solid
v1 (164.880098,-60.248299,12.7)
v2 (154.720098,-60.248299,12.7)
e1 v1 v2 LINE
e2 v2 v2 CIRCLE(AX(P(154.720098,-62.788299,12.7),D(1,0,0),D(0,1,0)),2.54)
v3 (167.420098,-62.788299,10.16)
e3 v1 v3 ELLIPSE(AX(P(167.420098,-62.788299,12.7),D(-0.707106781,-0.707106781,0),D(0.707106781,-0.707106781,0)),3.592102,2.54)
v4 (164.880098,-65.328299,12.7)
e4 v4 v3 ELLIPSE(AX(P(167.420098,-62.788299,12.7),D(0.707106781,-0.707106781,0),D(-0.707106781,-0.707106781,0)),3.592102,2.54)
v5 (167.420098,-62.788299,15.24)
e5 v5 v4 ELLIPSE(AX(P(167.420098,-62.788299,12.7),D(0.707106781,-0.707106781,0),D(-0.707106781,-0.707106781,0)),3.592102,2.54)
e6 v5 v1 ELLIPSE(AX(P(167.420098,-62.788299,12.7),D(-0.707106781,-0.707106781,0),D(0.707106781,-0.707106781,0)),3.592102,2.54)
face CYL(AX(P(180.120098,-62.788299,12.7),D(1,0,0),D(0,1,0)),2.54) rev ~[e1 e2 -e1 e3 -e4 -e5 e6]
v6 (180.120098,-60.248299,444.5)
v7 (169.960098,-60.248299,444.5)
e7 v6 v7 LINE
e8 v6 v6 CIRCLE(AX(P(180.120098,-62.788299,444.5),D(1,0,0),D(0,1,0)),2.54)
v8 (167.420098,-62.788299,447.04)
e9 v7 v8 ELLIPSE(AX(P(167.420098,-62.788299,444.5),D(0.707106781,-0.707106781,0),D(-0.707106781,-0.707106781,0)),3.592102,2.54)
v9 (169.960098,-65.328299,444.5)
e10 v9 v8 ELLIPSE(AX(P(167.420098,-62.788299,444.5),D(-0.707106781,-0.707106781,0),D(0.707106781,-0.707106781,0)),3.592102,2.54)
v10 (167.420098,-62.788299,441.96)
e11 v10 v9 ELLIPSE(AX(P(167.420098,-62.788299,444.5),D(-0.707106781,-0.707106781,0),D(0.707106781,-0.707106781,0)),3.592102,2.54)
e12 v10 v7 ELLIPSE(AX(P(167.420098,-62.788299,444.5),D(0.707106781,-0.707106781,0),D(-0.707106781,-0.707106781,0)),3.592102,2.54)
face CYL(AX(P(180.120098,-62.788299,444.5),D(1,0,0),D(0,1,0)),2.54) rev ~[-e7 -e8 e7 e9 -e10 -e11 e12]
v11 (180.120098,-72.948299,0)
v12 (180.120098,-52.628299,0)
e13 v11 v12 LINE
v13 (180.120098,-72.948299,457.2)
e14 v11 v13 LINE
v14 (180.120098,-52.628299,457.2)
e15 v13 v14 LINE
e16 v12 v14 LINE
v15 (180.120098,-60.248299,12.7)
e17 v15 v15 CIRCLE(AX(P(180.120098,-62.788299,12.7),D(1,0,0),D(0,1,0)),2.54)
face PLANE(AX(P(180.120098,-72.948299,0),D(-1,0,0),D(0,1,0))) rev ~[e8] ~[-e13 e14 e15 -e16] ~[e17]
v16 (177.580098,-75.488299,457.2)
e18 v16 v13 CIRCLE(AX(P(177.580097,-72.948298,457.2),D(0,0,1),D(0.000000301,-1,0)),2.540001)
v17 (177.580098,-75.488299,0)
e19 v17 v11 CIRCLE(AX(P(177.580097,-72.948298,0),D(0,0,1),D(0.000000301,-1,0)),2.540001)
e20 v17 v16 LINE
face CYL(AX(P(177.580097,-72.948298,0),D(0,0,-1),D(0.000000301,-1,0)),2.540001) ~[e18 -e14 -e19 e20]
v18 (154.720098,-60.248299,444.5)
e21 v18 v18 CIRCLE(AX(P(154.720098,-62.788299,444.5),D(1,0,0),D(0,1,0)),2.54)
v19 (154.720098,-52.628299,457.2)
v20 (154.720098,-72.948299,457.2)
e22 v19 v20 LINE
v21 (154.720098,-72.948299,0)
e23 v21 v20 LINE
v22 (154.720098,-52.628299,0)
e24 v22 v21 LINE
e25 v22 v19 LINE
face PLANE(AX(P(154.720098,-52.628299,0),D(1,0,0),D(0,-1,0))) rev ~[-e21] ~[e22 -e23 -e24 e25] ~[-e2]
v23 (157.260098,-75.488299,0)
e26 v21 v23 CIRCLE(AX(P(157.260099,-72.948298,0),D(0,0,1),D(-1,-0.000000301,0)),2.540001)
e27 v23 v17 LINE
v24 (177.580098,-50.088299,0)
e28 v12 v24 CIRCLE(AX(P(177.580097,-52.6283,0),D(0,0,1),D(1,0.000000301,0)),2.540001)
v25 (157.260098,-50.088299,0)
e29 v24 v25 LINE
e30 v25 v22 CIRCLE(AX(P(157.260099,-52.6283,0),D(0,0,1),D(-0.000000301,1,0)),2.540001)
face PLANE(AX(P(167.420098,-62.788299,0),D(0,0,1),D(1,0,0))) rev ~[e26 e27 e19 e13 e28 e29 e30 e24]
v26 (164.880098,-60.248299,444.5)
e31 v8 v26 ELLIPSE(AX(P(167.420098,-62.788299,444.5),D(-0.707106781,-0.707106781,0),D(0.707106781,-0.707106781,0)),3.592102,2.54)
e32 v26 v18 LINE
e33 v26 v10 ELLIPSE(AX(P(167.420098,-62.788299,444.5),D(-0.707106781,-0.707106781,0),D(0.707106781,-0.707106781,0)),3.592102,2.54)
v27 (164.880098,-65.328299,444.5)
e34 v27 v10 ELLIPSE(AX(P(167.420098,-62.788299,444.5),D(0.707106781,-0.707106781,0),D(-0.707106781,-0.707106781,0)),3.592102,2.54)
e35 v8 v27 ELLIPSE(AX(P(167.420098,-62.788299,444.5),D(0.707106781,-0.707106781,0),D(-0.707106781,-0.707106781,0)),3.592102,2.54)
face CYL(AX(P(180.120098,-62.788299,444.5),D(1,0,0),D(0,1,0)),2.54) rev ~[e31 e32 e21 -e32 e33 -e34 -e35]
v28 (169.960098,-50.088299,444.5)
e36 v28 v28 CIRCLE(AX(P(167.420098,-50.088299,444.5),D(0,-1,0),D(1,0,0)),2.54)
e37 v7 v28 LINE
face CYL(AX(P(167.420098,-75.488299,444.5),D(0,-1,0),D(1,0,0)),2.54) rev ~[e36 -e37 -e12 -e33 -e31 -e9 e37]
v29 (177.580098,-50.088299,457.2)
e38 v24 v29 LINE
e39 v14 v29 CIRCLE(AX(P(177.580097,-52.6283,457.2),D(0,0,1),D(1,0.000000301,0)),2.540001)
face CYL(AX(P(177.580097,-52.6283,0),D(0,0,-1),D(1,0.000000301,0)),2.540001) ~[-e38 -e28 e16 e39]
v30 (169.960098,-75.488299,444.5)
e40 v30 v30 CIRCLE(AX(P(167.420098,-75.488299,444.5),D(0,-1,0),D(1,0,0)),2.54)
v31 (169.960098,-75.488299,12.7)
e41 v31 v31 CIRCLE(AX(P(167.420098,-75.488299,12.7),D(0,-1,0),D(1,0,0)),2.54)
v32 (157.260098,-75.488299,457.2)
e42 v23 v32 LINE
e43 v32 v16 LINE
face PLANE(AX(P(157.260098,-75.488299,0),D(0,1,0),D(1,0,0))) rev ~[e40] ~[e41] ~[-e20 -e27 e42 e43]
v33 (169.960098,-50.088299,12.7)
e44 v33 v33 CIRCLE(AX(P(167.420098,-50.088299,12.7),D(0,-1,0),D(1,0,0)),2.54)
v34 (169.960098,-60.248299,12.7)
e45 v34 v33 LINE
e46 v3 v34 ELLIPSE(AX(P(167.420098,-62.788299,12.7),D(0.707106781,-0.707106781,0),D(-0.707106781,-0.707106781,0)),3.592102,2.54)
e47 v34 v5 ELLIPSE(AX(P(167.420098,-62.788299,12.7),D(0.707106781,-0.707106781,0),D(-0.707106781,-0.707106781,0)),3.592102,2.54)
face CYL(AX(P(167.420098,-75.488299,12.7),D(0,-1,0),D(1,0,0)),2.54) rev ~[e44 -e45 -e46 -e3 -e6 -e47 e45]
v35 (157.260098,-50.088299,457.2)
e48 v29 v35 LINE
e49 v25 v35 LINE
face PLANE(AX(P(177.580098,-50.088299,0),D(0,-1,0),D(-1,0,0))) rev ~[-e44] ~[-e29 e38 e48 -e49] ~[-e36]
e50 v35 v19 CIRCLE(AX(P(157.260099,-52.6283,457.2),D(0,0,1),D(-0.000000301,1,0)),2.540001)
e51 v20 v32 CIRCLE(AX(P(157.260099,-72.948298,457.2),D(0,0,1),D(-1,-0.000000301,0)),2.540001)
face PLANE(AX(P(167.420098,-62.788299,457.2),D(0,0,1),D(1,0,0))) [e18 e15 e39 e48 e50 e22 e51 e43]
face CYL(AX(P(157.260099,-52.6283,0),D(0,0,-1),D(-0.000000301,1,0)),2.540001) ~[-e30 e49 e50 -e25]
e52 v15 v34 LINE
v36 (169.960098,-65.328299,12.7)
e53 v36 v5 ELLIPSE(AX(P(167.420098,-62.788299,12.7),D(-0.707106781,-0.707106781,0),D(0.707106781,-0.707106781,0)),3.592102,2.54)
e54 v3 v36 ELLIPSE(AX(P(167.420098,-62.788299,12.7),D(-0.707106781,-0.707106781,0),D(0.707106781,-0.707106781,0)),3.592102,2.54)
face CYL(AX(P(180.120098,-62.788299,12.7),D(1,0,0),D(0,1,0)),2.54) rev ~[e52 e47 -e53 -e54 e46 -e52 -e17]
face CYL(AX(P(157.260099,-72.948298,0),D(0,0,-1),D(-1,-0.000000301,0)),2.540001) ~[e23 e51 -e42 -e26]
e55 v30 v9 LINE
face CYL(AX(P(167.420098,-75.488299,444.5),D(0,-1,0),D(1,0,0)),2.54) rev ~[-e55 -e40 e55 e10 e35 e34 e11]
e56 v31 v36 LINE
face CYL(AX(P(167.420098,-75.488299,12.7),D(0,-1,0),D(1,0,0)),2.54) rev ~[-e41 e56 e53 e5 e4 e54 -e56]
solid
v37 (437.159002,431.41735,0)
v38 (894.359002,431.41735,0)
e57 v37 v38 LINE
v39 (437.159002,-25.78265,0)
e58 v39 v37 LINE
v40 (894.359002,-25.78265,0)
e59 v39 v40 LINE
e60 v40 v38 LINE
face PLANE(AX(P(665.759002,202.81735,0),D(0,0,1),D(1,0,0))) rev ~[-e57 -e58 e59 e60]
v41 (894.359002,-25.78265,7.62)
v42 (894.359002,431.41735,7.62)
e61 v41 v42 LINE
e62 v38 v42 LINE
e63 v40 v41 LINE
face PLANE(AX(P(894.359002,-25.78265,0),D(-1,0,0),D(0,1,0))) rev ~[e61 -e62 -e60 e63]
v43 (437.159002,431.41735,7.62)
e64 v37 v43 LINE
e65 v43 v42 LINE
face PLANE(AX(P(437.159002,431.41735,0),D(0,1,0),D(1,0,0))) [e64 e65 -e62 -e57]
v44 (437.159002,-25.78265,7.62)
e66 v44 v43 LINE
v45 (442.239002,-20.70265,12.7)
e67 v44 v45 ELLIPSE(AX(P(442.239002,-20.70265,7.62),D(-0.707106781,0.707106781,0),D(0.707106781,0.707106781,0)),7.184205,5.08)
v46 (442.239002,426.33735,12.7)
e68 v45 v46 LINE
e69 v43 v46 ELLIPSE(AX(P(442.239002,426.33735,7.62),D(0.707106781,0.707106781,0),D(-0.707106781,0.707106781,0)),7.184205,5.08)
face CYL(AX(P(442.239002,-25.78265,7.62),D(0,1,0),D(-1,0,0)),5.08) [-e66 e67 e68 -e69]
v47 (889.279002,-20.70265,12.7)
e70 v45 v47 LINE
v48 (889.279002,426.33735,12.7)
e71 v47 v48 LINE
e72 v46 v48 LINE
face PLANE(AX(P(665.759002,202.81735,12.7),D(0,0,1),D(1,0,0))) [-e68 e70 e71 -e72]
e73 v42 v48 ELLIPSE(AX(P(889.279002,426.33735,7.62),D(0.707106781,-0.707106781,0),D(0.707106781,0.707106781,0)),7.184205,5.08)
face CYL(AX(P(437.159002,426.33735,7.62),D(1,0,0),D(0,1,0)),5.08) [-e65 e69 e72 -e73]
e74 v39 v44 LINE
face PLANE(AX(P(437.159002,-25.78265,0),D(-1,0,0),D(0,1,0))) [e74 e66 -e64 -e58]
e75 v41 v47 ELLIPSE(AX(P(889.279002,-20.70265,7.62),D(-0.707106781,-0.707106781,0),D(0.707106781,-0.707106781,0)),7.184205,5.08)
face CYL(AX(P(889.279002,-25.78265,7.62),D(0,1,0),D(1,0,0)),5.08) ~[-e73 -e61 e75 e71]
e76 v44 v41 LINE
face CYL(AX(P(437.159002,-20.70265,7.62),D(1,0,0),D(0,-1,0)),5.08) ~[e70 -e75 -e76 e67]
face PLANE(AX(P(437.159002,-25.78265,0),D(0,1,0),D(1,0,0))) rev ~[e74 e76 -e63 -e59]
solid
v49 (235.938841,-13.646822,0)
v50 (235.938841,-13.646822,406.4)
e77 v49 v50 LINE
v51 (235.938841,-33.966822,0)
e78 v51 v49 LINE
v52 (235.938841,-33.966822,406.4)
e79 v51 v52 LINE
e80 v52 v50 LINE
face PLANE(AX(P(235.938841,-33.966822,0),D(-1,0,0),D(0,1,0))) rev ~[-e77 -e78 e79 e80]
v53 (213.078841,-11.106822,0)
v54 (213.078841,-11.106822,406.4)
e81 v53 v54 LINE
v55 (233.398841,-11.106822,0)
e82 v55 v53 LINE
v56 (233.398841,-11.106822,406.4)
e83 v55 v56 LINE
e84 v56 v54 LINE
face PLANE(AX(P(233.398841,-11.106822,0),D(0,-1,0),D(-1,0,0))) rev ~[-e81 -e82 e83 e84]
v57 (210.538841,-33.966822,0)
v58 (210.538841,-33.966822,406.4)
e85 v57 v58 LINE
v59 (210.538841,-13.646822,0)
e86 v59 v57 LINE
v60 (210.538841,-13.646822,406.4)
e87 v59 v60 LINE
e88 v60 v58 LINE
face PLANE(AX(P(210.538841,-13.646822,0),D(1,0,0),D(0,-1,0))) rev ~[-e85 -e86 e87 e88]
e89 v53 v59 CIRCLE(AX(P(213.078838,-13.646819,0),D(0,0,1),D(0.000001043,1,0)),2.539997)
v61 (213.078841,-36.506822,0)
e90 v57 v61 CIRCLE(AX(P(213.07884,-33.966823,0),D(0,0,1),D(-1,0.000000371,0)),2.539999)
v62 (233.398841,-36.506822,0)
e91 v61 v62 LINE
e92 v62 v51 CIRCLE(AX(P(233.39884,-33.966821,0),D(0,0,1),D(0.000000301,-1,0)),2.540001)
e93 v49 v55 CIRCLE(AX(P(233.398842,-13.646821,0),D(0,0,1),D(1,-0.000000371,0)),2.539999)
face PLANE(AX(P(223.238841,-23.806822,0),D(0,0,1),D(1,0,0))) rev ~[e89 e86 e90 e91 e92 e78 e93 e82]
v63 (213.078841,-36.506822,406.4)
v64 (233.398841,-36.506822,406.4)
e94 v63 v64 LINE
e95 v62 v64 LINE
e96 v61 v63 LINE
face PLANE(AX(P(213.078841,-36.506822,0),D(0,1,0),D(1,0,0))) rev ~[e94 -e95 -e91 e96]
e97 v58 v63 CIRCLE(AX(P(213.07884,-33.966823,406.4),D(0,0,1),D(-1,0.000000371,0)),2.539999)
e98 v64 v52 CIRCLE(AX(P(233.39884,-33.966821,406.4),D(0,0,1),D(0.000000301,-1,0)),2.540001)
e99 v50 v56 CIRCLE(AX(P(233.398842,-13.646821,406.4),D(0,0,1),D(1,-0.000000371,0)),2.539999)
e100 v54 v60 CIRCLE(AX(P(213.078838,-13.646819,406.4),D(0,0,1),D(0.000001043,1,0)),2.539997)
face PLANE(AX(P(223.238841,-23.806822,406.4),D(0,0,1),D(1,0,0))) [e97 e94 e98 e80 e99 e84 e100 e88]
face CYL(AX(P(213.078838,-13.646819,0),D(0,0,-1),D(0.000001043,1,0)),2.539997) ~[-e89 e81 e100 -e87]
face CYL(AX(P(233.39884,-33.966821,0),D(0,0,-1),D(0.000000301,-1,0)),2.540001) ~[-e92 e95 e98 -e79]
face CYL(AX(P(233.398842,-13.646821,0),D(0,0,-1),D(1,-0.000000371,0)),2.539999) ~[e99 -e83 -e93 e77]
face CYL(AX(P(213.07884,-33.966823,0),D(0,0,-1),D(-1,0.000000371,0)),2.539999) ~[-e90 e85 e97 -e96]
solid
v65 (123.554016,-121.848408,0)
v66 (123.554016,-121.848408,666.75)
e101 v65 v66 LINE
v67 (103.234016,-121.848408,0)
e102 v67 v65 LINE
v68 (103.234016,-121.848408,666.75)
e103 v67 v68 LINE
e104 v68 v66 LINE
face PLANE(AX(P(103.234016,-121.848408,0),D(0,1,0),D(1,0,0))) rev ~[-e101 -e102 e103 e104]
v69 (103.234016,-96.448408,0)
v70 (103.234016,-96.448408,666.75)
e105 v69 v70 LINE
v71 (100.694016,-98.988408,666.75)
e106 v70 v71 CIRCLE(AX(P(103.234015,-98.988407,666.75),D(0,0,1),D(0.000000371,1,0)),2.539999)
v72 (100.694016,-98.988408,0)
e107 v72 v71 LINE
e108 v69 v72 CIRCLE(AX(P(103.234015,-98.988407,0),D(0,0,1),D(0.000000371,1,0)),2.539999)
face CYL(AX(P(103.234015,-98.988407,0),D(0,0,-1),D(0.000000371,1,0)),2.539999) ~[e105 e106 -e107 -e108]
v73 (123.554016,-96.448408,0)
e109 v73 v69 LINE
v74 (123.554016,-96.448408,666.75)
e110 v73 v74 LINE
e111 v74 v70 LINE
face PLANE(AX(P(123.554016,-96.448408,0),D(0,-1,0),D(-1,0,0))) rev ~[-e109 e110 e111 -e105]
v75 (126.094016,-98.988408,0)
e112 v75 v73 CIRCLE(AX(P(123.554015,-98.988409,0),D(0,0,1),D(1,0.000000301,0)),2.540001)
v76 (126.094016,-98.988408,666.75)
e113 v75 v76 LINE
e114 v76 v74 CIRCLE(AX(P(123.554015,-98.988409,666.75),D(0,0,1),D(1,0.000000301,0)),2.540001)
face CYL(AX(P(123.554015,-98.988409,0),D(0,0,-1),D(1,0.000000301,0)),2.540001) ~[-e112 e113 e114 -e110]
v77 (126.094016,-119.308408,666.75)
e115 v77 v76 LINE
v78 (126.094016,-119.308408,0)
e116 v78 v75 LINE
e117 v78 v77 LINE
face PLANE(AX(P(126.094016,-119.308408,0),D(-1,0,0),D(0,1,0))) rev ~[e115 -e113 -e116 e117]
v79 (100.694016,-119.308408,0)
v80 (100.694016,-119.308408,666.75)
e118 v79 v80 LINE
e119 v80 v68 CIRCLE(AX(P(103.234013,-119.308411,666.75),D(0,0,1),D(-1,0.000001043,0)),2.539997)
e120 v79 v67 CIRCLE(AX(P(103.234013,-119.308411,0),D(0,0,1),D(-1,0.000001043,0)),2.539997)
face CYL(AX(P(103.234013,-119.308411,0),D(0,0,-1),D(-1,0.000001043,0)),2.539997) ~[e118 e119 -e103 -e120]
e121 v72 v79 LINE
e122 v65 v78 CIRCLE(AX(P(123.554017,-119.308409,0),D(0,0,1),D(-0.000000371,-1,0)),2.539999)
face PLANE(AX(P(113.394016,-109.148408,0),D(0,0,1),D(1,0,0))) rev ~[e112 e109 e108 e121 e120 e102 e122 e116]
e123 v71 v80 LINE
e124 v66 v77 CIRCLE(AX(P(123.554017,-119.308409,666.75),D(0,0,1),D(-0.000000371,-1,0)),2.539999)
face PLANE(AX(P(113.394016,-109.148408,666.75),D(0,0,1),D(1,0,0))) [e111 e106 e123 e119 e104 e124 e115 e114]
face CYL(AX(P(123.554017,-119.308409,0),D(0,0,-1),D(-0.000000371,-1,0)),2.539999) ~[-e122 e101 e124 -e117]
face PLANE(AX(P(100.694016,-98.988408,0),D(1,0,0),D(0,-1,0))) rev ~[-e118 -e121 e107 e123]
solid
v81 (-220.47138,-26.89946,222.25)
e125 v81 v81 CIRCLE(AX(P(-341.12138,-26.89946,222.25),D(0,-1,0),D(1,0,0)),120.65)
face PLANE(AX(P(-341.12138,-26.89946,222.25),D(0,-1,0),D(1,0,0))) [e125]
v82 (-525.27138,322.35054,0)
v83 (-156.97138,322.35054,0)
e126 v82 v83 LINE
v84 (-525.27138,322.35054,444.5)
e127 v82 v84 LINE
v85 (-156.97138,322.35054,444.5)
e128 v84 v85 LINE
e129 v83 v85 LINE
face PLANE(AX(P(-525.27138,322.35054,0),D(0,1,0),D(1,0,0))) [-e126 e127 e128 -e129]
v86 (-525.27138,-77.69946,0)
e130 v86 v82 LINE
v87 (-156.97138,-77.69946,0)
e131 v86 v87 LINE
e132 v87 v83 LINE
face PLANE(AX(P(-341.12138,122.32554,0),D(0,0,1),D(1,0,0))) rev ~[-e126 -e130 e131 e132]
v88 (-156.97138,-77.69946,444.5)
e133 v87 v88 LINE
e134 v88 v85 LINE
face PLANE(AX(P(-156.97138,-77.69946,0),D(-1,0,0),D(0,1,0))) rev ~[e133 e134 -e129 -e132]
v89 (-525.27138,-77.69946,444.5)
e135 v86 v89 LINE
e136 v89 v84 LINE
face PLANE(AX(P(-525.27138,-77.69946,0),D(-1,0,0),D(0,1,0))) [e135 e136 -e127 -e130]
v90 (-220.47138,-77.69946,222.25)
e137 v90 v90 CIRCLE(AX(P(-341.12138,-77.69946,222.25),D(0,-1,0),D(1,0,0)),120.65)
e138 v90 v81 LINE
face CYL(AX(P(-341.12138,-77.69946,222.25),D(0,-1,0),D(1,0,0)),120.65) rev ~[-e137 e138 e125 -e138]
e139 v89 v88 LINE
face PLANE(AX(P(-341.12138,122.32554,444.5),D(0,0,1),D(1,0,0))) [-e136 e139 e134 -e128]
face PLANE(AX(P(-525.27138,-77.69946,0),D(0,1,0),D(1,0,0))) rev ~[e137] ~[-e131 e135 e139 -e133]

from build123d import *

# Parameters (mm, degrees)
F0_W      = 368.3
F0_H      = 400.05
F1_DEPTH  = 444.5
F2_R      = 120.65
F3_DEPTH  = 50.8
F5_DEPTH  = 666.75
F7_DEPTH  = 457.2
F9_DEPTH  = 406.4
F10_W     = 457.2
F10_H     = 457.2
F11_DEPTH = 12.7
F12_R     = 5.08
F13_R     = 2.54
F14_DEPTH = 25.4
F15_R     = 2.54
F16_DEPTH = 25.4


with BuildPart() as f1:
    # F0 (on Top) → F1 (new body)
    with BuildSketch(Plane.XY):
        with Locations((-341.12138, 122.32554)):
            Rectangle(F0_W, F0_H)
    extrude(amount=F1_DEPTH)

    # F2 (on face) → F3 (cut)
    with BuildSketch(Plane.XZ.offset(77.69946)):
        with Locations((-341.12138, 222.25)):
            Circle(F2_R)
    extrude(amount=-F3_DEPTH, mode=Mode.SUBTRACT)


with BuildPart() as f5:
    # F4 (on Top) → F5 (new body)
    with BuildSketch(Plane.XY):
        with BuildLine():
            Line((103.234016, -121.848408), (123.554016, -121.848408))
            ThreePointArc((123.554016, -121.848408), (125.350067, -121.10446), (126.094016, -119.308408))
            Line((126.094016, -119.308408), (126.094016, -98.988408))
            ThreePointArc((126.094016, -98.988408), (125.350067, -97.192357), (123.554016, -96.448408))
            Line((123.554016, -96.448408), (103.234016, -96.448408))
            ThreePointArc((103.234016, -96.448408), (101.437964, -97.192357), (100.694016, -98.988408))
            Line((100.694016, -98.988408), (100.694016, -119.308408))
            ThreePointArc((100.694016, -119.308408), (101.437964, -121.10446), (103.234016, -121.848408))
        make_face()
    extrude(amount=F5_DEPTH)


with BuildPart() as f7:
    # F6 (on Top) → F7 (new body)
    with BuildSketch(Plane.XY):
        with BuildLine():
            Line((157.260098, -75.488299), (177.580098, -75.488299))
            ThreePointArc((177.580098, -75.488299), (179.376149, -74.74435), (180.120098, -72.948299))
            Line((180.120098, -72.948299), (180.120098, -52.628299))
            ThreePointArc((180.120098, -52.628299), (179.376149, -50.832248), (177.580098, -50.088299))
            Line((177.580098, -50.088299), (157.260098, -50.088299))
            ThreePointArc((157.260098, -50.088299), (155.464047, -50.832248), (154.720098, -52.628299))
            Line((154.720098, -52.628299), (154.720098, -72.948299))
            ThreePointArc((154.720098, -72.948299), (155.464047, -74.74435), (157.260098, -75.488299))
        make_face()
    extrude(amount=F7_DEPTH)

    # F13 (on face) → F14 (cut)
    with BuildSketch(Plane.XZ.offset(75.488299)):
        with Locations((167.420098, 12.7)):
            Circle(F13_R)
        with Locations((167.420098, 444.5)):
            Circle(F13_R)
    extrude(amount=-F14_DEPTH, mode=Mode.SUBTRACT)

    # F15 (on face) → F16 (cut)
    with BuildSketch(Plane.YZ.offset(180.120098)):
        with Locations((-62.788299, 12.7)):
            Circle(F15_R)
        with Locations((-62.788299, 444.5)):
            Circle(F15_R)
    extrude(amount=-F16_DEPTH, mode=Mode.SUBTRACT)


with BuildPart() as f9:
    # F8 (on Top) → F9 (new body)
    with BuildSketch(Plane.XY):
        with BuildLine():
            Line((213.078841, -36.506822), (233.398841, -36.506822))
            ThreePointArc((233.398841, -36.506822), (235.194892, -35.762873), (235.938841, -33.966822))
            Line((235.938841, -33.966822), (235.938841, -13.646822))
            ThreePointArc((235.938841, -13.646822), (235.194892, -11.85077), (233.398841, -11.106822))
            Line((233.398841, -11.106822), (213.078841, -11.106822))
            ThreePointArc((213.078841, -11.106822), (211.282789, -11.85077), (210.538841, -13.646822))
            Line((210.538841, -13.646822), (210.538841, -33.966822))
            ThreePointArc((210.538841, -33.966822), (211.282789, -35.762873), (213.078841, -36.506822))
        make_face()
    extrude(amount=F9_DEPTH)


with BuildPart() as f11:
    # F10 (on Top) → F11 (new body)
    with BuildSketch(Plane.XY):
        with Locations((665.759002, 202.81735)):
            Rectangle(F10_W, F10_H)
    extrude(amount=F11_DEPTH)

    # F12
    f12_edges = [f11.edges().sort_by_distance(p)[0] for p in [
        (437.159002, 202.81735, 12.7),
        (665.759002, -25.78265, 12.7),
        (894.359002, 202.81735, 12.7),
        (665.759002, 431.41735, 12.7),
    ]]
    fillet(f12_edges, radius=F12_R)


solid = Compound([f1.part, f5.part, f7.part, f9.part, f11.part])
